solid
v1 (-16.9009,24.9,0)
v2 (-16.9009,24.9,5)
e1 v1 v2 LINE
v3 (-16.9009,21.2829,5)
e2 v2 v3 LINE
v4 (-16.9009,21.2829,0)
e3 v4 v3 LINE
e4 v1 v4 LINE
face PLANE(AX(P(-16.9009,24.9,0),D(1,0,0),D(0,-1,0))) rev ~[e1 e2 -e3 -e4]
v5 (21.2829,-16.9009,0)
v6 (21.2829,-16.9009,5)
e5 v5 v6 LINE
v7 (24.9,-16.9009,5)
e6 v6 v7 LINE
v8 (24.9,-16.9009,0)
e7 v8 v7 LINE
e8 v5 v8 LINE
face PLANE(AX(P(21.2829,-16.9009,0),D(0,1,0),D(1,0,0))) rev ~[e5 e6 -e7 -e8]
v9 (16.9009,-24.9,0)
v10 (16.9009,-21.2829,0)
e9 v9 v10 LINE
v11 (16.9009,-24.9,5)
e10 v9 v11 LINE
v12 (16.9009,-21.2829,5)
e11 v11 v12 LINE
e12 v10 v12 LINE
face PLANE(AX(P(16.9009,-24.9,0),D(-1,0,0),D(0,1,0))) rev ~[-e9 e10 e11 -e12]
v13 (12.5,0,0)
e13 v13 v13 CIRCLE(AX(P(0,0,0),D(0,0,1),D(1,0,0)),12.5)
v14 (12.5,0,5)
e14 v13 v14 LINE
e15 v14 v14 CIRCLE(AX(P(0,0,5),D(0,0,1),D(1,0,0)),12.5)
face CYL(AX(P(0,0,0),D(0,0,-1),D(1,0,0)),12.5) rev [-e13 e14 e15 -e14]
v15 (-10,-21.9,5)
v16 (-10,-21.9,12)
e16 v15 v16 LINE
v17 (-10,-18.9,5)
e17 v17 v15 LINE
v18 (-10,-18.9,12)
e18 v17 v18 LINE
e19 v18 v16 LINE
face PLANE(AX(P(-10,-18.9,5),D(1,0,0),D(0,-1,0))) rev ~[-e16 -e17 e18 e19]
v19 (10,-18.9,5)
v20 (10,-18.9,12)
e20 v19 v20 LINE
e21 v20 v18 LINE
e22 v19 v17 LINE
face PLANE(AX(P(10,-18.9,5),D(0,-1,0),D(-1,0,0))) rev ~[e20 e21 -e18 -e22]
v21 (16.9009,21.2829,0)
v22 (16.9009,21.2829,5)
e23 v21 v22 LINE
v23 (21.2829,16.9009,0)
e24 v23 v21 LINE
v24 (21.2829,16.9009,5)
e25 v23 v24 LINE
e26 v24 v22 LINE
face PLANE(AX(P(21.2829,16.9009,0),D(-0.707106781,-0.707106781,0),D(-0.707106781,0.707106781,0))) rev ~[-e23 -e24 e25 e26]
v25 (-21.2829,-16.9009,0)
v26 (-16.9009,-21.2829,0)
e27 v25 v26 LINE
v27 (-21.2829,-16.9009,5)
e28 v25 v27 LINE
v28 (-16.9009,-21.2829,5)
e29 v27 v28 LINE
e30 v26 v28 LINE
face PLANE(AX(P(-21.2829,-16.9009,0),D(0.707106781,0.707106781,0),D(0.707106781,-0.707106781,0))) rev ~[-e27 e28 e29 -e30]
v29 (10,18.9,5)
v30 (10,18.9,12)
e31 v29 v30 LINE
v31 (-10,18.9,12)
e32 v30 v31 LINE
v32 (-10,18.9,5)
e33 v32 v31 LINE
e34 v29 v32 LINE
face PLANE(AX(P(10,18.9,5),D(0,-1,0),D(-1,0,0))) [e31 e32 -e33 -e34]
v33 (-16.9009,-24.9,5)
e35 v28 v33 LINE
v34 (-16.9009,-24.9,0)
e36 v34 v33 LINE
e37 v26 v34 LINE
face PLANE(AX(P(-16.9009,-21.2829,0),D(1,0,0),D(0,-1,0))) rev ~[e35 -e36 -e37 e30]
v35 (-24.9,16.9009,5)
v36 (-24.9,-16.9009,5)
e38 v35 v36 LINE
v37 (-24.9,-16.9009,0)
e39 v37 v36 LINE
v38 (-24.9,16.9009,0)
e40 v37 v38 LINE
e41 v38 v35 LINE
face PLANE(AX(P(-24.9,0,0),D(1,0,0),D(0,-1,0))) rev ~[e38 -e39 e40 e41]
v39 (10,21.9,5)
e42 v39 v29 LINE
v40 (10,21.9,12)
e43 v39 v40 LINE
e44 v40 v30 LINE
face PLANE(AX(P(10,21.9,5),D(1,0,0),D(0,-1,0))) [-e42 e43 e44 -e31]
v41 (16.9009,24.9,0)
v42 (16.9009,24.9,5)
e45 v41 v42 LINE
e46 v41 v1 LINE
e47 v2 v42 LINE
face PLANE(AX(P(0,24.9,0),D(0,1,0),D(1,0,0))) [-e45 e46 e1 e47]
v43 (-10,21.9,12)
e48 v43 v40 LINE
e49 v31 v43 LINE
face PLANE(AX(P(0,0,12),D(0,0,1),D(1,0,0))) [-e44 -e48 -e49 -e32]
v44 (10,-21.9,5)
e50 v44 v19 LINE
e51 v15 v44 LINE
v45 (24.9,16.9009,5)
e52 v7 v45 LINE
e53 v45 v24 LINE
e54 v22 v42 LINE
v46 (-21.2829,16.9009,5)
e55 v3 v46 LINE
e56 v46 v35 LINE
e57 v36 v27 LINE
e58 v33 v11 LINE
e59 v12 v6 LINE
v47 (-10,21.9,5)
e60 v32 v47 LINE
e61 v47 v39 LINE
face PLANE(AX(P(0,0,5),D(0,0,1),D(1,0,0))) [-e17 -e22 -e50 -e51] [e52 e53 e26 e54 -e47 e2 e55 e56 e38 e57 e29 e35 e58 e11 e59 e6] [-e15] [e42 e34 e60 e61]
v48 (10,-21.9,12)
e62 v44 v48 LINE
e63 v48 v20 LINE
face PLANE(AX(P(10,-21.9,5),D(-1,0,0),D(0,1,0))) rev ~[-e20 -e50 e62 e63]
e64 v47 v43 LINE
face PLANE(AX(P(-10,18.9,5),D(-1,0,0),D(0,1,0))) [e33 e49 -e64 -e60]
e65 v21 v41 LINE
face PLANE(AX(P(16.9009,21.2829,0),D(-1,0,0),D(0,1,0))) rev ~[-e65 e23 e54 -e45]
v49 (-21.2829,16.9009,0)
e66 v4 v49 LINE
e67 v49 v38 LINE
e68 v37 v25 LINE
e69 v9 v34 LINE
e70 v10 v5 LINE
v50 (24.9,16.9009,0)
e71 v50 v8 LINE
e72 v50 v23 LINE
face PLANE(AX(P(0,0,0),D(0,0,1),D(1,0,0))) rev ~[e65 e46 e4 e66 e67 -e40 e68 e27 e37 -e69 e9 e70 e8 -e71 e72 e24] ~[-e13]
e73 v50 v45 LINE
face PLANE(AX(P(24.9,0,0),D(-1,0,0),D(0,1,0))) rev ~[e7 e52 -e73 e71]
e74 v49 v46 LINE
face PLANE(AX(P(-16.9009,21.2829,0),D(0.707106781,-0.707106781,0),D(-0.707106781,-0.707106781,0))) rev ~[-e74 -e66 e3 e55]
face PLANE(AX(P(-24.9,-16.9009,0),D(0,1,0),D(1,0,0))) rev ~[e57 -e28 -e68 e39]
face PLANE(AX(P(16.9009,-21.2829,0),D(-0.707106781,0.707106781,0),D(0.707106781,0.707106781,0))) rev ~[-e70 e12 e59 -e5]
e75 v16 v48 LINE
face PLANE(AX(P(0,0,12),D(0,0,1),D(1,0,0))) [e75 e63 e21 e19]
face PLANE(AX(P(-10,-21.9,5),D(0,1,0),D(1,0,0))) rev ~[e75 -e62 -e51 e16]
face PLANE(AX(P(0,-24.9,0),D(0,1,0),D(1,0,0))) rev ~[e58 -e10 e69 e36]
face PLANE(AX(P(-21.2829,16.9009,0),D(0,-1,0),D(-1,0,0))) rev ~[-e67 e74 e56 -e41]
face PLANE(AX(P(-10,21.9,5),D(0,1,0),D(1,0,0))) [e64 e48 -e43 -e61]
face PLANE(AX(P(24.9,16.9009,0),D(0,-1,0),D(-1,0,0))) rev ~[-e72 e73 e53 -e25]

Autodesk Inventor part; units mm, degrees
ref_plane "YZ Plane" through (0, 0, 0) normal (1, 0, 0) x (0, 1, 0)
ref_plane "XZ Plane" through (0, 0, 0) normal (0, 1, 0) x (-1, 0, 0)
ref_plane "XY Plane" through (0, 0, 0) normal (0, 0, 1) x (1, 0, 0)
sketch "Sketch1" plane through (0, 0, 0) normal (0, 0, 1) x (1, 0, 0)
  line L0 (-34.86, 0) -> (34.86, 0) construction
  line L1 (0, -34.86) -> (0, 34.86) construction
  line L2 (0, 0) -> (11.1575, 11.1575) construction
  line L3 (0, 0) -> (15.7791, 0) construction
  line L4 (0, 24.9) -> (16.8009, 24.9)
  line L5 (16.8009, 24.9) -> (16.8009, 21.2415)
  line L6 (16.8009, 21.2415) -> (19.0212, 19.0212)
  line L7 (24.9, 0) -> (24.9, 16.8009)
  line L8 (24.9, 16.8009) -> (21.2415, 16.8009)
  line L9 (21.2415, 16.8009) -> (19.0212, 19.0212)
  line L10 (0, -24.9) -> (16.8009, -24.9)
  line L11 (16.8009, -24.9) -> (16.8009, -21.2415)
  line L12 (16.8009, -21.2415) -> (19.0212, -19.0212)
  line L13 (24.9, 0) -> (24.9, -16.8009)
  line L14 (24.9, -16.8009) -> (21.2415, -16.8009)
  line L15 (21.2415, -16.8009) -> (19.0212, -19.0212)
  line L16 (0, 24.9) -> (-16.8009, 24.9)
  line L17 (-16.8009, 24.9) -> (-16.8009, 21.2415)
  line L18 (-16.8009, 21.2415) -> (-19.0212, 19.0212)
  line L19 (-24.9, 16.8009) -> (-21.2415, 16.8009)
  line L20 (-21.2415, 16.8009) -> (-19.0212, 19.0212)
  line L21 (0, -24.9) -> (-16.8009, -24.9)
  line L22 (-16.8009, -24.9) -> (-16.8009, -21.2415)
  line L23 (-16.8009, -21.2415) -> (-19.0212, -19.0212)
  line L24 (-21.2415, -16.8009) -> (-19.0212, -19.0212)
  line L25 (-24.9, -16.8009) -> (-21.2415, -16.8009)
  line L26 (-24.9, 0) -> (-24.9, -16.8009)
  line L27 (-24.9, 0) -> (-24.9, 16.8009)
  circle A0 centre (0, 0) radius 12.5
  dimension "d0" = 45
  dimension "d2" = 24.9
  dimension "d3" = 3.14
  dimension "d4" = 26.9
  dimension "d5" = 25
extrude "Extrusion1" add sketch "Sketch1" along normal blind 5
sketch "Sketch2" plane through (0, 0, 5) normal (0, 0, 1) x (1, 0, 0)
  circle A0 centre (0, 0) radius 12.5 projected
  line L0 (16.8009, 24.9) -> (-16.8009, 24.9) projected
  line L1 (-16.8009, 24.9) -> (-16.8009, 21.2415) projected
  line L2 (-16.8009, 21.2415) -> (-21.2415, 16.8009) projected
  line L3 (-21.2415, 16.8009) -> (-24.9, 16.8009) projected
  line L4 (-24.9, 16.8009) -> (-24.9, -16.8009) projected
  line L5 (-24.9, -16.8009) -> (-21.2415, -16.8009) projected
  line L6 (-21.2415, -16.8009) -> (-16.8009, -21.2415) projected
  line L7 (-16.8009, -21.2415) -> (-16.8009, -24.9) projected
  line L8 (-16.8009, -24.9) -> (16.8009, -24.9) projected
  line L9 (16.8009, -24.9) -> (16.8009, -21.2415) projected
  line L10 (16.8009, -21.2415) -> (21.2415, -16.8009) projected
  line L11 (21.2415, -16.8009) -> (24.9, -16.8009) projected
  line L12 (24.9, -16.8009) -> (24.9, 16.8009) projected
  line L13 (24.9, 16.8009) -> (21.2415, 16.8009) projected
  line L14 (21.2415, 16.8009) -> (16.8009, 21.2415) projected
  line L15 (16.8009, 21.2415) -> (16.8009, 24.9) projected
  line L16 (-34.86, 0) -> (34.86, 0) construction
  line L17 (0, -34.86) -> (0, 34.86) construction
  line L18 (-10, 21.9) -> (10, 21.9)
  line L19 (10, 21.9) -> (10, 18.9)
  line L20 (10, 18.9) -> (-10, 18.9)
  line L21 (-10, 18.9) -> (-10, 21.9)
  line L22 (-10, -21.9) -> (10, -21.9)
  line L23 (10, -21.9) -> (10, -18.9)
  line L24 (10, -18.9) -> (-10, -18.9)
  line L25 (-10, -18.9) -> (-10, -21.9)
  dimension "d8" = 20
  dimension "d9" = 3
  dimension "d10" = 3
extrude "Extrusion2" add sketch "Sketch2" along normal blind 7 contours L18 L19 L20 L21 | L25 L24 L23 L22
chamfer "Fase1" [suppressed]
chamfer "Fase2" [suppressed]
sketch "Sketch4" plane through (0, 0, 0) normal (0, 0, -1) x (-1, 0, 0)
  circle A0 centre (0, 0) radius 12.5 construction
  line L0 (16.8009, 24.9) -> (-16.8009, 24.9) construction
  line L1 (-16.8009, 24.9) -> (-16.8009, 21.2415) projected
  line L2 (-16.8009, 21.2415) -> (-21.2415, 16.8009) projected
  line L3 (-21.2415, 16.8009) -> (-24.9, 16.8009) projected
  line L4 (-24.9, 16.8009) -> (-24.9, -16.8009) construction
  line L5 (-24.9, -16.8009) -> (-21.2415, -16.8009) projected
  line L6 (-21.2415, -16.8009) -> (-16.8009, -21.2415) projected
  line L7 (-16.8009, -21.2415) -> (-16.8009, -24.9) projected
  line L8 (-16.8009, -24.9) -> (16.8009, -24.9) construction
  line L9 (16.8009, -24.9) -> (16.8009, -21.2415) projected
  line L10 (16.8009, -21.2415) -> (21.2415, -16.8009) projected
  line L11 (21.2415, -16.8009) -> (24.9, -16.8009) projected
  line L12 (24.9, -16.8009) -> (24.9, 16.8009) construction
  line L13 (24.9, 16.8009) -> (21.2415, 16.8009) projected
  line L14 (21.2415, 16.8009) -> (16.8009, 21.2415) projected
  line L15 (16.8009, 21.2415) -> (16.8009, 24.9) projected
  line L16 (-16.9009, 25) -> (16.9009, 25) construction
  line L17 (16.9009, 25) -> (16.9009, 21.2829)
  line L18 (16.9009, 21.2829) -> (21.2829, 16.9009)
  line L19 (21.2829, 16.9009) -> (25, 16.9009)
  line L20 (25, 16.9009) -> (25, -16.9009) construction
  line L21 (25, -16.9009) -> (21.2829, -16.9009)
  line L22 (21.2829, -16.9009) -> (16.9009, -21.2829)
  line L23 (16.9009, -21.2829) -> (16.9009, -25)
  line L24 (16.9009, -25) -> (-16.9009, -25) construction
  line L25 (-16.9009, -25) -> (-16.9009, -21.2829)
  line L26 (-16.9009, -21.2829) -> (-21.2829, -16.9009)
  line L27 (-21.2829, -16.9009) -> (-25, -16.9009)
  line L28 (-25, -16.9009) -> (-25, 16.9009) construction
  line L29 (-25, 16.9009) -> (-21.2829, 16.9009)
  line L30 (-21.2829, 16.9009) -> (-16.9009, 21.2829)
  line L31 (-16.9009, 21.2829) -> (-16.9009, 25)
  line L32 (-24.9, -16.8009) -> (-24.9, 16.8009) projected
  line L33 (-24.9, 16.8009) -> (-24.9, 16.9009)
  line L34 (-16.8009, 24.9) -> (-16.9009, 24.9)
  line L35 (-16.8009, 24.9) -> (16.8009, 24.9) projected
  line L36 (16.8009, 24.9) -> (16.9009, 24.9)
  line L37 (24.9, 16.8009) -> (24.9, 16.9009)
  line L38 (24.9, 16.8009) -> (24.9, -16.8009) projected
  line L39 (24.9, -16.8009) -> (24.9, -16.9009)
  line L40 (16.8009, -24.9) -> (-16.8009, -24.9) projected
  line L41 (16.8009, -24.9) -> (16.9009, -24.9)
  line L42 (-16.8009, -24.9) -> (-16.9009, -24.9)
  line L43 (-24.9, -16.8009) -> (-24.9, -16.9009)
  dimension "d19" = 0.1
extrude "IM_offset" add sketch "Sketch4" against normal up to surface (5 mm away) contours L1 L2 L3 L33 L29 L30 L31 L34 | L36 L17 L18 L19 L37 L13 L14 L15 | L5 L6 L7 L42 L25 L26 L27 L43 | L39 L21 L22 L23 L41 L9 L10 L11
properties part number "20_Cube_insert_Sample_holder_v3"
